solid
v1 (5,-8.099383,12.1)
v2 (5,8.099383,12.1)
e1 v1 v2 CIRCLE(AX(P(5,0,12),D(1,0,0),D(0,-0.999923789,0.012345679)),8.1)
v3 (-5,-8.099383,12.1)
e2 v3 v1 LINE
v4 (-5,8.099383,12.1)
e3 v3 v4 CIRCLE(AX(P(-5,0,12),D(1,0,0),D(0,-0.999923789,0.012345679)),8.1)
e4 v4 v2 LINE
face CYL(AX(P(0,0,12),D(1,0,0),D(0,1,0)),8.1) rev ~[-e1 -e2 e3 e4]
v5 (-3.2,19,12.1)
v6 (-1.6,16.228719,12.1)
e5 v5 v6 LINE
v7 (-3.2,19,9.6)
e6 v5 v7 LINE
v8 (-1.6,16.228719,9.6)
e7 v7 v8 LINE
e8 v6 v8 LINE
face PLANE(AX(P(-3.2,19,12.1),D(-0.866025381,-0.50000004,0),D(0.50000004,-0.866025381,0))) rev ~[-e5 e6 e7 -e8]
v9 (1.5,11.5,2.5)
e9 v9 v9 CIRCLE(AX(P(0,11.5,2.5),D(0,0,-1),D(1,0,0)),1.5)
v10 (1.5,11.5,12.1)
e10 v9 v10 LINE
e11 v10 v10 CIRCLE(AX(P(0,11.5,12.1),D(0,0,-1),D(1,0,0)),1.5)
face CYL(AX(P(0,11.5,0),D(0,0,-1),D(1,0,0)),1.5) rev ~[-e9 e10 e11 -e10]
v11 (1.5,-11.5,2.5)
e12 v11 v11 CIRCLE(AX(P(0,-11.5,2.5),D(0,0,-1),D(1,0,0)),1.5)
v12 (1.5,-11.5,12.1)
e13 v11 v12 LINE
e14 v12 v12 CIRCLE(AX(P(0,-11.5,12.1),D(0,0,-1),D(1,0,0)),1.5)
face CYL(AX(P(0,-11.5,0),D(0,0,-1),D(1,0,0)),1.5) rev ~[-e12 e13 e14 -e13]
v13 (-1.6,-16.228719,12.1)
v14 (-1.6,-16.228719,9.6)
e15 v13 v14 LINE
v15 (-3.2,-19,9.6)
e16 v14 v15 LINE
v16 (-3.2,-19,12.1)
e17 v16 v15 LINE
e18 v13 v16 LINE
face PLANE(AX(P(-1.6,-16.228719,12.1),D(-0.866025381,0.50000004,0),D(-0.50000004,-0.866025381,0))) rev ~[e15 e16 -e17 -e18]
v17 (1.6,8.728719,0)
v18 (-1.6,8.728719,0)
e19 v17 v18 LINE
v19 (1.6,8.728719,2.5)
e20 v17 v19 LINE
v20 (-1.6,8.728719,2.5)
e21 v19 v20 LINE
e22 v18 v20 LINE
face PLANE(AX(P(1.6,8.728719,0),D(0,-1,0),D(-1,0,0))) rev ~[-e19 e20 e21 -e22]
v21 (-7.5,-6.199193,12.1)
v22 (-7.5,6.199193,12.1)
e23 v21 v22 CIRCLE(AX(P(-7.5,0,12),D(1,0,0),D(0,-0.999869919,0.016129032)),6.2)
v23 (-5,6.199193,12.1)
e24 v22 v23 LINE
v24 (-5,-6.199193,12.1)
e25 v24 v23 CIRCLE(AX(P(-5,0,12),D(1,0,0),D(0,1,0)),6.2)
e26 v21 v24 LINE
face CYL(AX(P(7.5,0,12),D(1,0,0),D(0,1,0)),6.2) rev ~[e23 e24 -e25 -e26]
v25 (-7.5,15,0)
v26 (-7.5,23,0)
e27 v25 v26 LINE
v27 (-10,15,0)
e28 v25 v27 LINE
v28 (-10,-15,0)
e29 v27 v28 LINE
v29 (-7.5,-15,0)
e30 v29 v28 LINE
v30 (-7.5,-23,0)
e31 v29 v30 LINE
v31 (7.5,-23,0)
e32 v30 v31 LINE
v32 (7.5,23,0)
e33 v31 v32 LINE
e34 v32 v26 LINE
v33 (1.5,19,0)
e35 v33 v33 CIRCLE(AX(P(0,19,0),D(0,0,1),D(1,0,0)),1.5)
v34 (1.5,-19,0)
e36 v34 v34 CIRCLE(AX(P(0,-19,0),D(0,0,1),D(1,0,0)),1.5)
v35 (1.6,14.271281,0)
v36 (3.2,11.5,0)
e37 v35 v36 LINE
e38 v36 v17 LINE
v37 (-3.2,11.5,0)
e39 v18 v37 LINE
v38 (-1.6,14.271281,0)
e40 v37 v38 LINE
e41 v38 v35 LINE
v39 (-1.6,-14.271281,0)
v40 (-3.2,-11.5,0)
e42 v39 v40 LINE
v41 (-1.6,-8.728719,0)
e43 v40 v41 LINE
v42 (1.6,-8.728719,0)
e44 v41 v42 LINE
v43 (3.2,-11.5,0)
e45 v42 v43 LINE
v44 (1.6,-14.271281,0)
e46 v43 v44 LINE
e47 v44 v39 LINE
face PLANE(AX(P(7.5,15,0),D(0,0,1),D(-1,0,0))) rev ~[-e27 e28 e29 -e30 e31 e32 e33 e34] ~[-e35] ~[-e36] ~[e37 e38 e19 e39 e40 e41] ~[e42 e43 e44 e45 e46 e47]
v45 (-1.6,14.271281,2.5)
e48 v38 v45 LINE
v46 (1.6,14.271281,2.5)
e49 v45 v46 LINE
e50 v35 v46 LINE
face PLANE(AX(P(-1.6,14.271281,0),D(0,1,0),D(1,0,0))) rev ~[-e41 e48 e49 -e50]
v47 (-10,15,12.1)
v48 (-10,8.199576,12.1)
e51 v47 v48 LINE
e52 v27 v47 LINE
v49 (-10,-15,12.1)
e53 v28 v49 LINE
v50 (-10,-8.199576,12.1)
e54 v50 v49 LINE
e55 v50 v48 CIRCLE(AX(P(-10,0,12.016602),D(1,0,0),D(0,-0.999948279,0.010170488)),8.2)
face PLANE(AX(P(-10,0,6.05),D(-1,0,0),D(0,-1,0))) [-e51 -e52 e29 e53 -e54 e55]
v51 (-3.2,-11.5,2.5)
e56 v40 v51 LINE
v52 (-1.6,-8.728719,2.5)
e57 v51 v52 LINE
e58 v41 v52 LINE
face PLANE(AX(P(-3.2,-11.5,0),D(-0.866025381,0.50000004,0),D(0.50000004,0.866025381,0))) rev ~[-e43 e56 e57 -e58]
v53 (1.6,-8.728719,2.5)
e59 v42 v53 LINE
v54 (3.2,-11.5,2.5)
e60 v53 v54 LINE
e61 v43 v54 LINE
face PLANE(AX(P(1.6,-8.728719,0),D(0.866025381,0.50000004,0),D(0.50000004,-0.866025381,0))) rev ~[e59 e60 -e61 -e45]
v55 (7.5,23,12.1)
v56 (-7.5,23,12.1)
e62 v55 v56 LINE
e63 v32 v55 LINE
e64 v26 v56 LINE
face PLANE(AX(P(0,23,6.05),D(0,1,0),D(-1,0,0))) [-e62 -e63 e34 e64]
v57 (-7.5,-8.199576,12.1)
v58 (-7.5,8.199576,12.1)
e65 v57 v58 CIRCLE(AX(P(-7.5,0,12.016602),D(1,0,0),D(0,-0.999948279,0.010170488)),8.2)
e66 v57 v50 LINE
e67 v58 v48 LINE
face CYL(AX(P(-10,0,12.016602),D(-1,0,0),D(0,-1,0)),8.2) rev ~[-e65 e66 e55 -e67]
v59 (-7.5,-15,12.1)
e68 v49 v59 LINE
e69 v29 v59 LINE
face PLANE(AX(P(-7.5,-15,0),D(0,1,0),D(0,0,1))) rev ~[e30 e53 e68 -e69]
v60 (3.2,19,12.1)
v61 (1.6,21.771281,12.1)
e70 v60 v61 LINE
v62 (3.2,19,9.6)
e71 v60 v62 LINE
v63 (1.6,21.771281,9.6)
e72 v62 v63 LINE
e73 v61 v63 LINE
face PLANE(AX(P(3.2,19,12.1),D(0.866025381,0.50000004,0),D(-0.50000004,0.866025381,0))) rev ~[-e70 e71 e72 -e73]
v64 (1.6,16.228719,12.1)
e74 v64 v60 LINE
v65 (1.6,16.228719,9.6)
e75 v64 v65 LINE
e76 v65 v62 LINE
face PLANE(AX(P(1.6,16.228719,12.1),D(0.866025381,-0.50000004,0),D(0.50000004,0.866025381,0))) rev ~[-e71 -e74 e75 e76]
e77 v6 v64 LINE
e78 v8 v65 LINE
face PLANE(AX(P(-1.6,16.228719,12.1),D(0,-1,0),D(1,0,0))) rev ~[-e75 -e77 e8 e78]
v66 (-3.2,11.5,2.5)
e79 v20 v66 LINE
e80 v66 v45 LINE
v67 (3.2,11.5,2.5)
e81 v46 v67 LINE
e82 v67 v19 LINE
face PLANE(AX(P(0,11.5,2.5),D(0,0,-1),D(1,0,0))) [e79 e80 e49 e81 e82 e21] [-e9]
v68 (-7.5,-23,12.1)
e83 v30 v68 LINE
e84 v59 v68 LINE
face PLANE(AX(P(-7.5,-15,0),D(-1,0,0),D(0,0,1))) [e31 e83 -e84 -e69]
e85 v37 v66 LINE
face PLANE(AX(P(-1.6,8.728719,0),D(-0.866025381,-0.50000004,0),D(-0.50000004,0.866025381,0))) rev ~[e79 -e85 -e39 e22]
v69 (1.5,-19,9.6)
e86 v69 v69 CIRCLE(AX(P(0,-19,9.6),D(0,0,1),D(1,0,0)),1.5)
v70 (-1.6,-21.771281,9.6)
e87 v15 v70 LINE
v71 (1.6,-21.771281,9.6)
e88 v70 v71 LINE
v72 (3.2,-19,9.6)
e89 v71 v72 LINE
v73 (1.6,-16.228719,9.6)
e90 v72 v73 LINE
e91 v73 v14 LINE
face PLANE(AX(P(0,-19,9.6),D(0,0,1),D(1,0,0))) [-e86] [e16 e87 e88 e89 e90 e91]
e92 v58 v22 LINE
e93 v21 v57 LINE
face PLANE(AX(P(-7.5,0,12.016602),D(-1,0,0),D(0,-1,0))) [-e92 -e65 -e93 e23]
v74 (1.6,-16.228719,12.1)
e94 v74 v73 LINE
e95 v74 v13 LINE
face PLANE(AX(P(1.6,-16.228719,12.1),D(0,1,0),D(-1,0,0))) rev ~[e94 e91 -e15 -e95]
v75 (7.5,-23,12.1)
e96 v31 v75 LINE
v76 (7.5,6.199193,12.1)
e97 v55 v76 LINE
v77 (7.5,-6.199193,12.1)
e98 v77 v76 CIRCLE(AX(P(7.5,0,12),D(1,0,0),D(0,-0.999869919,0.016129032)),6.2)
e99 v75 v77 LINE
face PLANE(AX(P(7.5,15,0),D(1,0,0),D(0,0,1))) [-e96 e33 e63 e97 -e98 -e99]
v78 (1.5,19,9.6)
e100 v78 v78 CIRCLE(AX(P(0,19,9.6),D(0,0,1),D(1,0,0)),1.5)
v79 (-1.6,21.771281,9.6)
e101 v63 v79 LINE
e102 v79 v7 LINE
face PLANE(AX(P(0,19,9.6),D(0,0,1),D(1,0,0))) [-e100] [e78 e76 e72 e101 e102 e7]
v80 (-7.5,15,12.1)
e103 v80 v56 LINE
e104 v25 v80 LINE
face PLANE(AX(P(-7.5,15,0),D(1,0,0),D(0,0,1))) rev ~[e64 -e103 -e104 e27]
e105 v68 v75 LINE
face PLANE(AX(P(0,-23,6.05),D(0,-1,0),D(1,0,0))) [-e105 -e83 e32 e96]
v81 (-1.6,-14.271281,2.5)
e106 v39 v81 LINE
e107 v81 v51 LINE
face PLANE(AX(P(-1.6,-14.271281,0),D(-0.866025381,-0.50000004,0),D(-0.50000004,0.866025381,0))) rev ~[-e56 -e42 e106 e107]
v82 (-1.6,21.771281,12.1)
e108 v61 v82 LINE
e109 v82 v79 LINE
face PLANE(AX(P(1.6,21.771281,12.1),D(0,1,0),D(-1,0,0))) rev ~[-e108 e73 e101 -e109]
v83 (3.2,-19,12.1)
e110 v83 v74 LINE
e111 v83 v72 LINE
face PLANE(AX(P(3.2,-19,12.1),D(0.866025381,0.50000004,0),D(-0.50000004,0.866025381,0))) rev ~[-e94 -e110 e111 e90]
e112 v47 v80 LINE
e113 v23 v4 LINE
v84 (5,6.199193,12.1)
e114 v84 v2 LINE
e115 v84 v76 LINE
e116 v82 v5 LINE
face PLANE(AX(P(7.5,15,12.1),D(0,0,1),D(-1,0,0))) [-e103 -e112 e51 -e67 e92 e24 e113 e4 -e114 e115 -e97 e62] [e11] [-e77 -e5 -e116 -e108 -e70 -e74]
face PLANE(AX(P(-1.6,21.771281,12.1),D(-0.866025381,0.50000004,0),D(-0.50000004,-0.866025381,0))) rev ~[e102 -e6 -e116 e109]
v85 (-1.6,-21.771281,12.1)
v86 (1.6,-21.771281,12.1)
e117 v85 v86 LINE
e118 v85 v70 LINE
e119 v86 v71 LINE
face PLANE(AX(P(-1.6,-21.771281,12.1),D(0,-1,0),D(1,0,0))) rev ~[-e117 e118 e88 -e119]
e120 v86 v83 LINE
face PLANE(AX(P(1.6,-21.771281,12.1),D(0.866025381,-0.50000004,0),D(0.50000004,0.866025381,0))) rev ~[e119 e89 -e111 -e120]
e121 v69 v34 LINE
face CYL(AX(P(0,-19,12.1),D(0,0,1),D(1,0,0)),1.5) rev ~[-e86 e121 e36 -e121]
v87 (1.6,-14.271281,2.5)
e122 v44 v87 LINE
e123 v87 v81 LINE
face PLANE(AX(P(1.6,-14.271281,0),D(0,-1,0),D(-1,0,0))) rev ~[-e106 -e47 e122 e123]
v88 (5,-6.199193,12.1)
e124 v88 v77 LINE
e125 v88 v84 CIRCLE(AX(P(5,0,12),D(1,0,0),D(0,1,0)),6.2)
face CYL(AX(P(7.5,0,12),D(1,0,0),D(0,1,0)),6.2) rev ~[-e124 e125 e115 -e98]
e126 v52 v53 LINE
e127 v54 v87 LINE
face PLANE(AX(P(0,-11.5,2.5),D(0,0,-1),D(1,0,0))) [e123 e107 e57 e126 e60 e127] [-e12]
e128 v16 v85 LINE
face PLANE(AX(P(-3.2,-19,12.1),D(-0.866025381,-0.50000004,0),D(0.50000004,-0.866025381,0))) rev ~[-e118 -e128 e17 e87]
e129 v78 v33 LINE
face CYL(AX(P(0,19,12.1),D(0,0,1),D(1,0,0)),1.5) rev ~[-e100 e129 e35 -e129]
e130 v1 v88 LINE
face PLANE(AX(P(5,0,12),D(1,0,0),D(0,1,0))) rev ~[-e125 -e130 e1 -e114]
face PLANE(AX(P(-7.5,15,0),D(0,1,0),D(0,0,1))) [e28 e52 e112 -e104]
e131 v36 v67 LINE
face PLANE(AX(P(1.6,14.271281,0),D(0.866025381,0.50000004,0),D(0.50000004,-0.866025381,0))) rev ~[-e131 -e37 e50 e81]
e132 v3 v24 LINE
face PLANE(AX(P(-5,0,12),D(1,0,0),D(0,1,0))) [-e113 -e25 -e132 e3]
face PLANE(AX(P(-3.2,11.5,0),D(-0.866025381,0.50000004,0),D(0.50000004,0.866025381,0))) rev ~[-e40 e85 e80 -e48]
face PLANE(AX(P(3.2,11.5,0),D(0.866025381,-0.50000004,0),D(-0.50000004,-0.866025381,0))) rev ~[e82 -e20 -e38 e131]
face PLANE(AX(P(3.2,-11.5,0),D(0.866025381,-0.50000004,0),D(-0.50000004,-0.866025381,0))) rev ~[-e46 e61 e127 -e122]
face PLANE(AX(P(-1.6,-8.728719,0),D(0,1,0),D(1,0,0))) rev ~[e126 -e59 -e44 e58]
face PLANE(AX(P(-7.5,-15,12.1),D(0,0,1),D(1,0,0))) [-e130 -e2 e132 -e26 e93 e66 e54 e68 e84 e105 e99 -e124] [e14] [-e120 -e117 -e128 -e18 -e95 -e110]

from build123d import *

# Parameters (mm, degrees)
SKETCH002_R     = 8.1
PAD001_DEPTH    = 5
SKETCH_W        = 15
SKETCH_H        = 30
PAD_DEPTH       = 12.1
SKETCH001_R     = 6.2
POCKET_DEPTH    = 15.001
SKETCH003_R     = 1.5
POCKET001_DEPTH = 12.101
POCKET002_DEPTH = 2.5
SKETCH005_W     = 30
SKETCH005_H     = 12.1
PAD002_DEPTH    = 2.5
SKETCH006_R     = 8.2
POCKET003_DEPTH = 2.5
SKETCH007_W     = 15
SKETCH007_H     = 12.1
PAD003_DEPTH    = 8
SKETCH008_W     = 15
SKETCH008_H     = 12.1
PAD004_DEPTH    = 8
SKETCH009_R     = 1.5
POCKET004_DEPTH = 12.101
POCKET005_DEPTH = 2.5


with BuildPart() as pad001:
    # Sketch002 → Pad001 (new body, symmetric)
    with BuildSketch(Plane.YZ):
        with Locations((0, 12)):
            Circle(SKETCH002_R)
    extrude(amount=PAD001_DEPTH, both=True)


with BuildPart() as pocket005:
    # Sketch → Pad (new body)
    with BuildSketch(Plane.XY):
        Rectangle(SKETCH_W, SKETCH_H)
    extrude(amount=PAD_DEPTH)

    # Sketch001 → Pocket (cut, through all)
    with BuildSketch(Plane.YZ.offset(7.5)):
        with Locations((0, 12)):
            Circle(SKETCH001_R)
    extrude(amount=-POCKET_DEPTH, mode=Mode.SUBTRACT)

    # Cut: cut Pad001
    add(pad001.part, mode=Mode.SUBTRACT)

    # Sketch003 → Pocket001 (cut, through all)
    with BuildSketch(Plane(origin=(0, 0, 0), x_dir=(1, 0, 0), z_dir=(0, 0, -1))):
        with Locations((0, 11.5)):
            Circle(SKETCH003_R)
        with Locations((0, -11.5)):
            Circle(SKETCH003_R)
    extrude(amount=-POCKET001_DEPTH, mode=Mode.SUBTRACT)

    # Sketch004 → Pocket002 (cut)
    with BuildSketch(Plane(origin=(0, 0, 0), x_dir=(1, 0, 0), z_dir=(0, 0, -1))):
        Polygon((3.2, 11.5), (1.6, 14.271281), (-1.6, 14.271281), (-3.2, 11.5), (-1.6, 8.728719), (1.6, 8.728719), align=None)
        Polygon((1.6, -14.271281), (3.2, -11.5), (1.6, -8.728719), (-1.6, -8.728719), (-3.2, -11.5), (-1.6, -14.271281), align=None)
    extrude(amount=-POCKET002_DEPTH, mode=Mode.SUBTRACT)

    # Sketch005 → Pad002 (new body)
    with BuildSketch(Plane(origin=(-7.5, 0, 0), x_dir=(0, -1, 0), z_dir=(-1, 0, 0))):
        with Locations((0, 6.05)):
            Rectangle(SKETCH005_W, SKETCH005_H)
    extrude(amount=PAD002_DEPTH)

    # Sketch006 → Pocket003 (cut)
    with BuildSketch(Plane(origin=(-10, 0, 0), x_dir=(0, -1, 0), z_dir=(-1, 0, 0))):
        with Locations((0, 12.016602)):
            Circle(SKETCH006_R)
    extrude(amount=-POCKET003_DEPTH, mode=Mode.SUBTRACT)

    # Sketch007 → Pad003 (new body)
    with BuildSketch(Plane.XZ.offset(15)):
        with Locations((0, 6.05)):
            Rectangle(SKETCH007_W, SKETCH007_H)
    extrude(amount=PAD003_DEPTH)

    # Sketch008 → Pad004 (new body)
    with BuildSketch(Plane(origin=(0, 15, 0), x_dir=(-1, 0, 0), z_dir=(0, 1, 0))):
        with Locations((0, 6.05)):
            Rectangle(SKETCH008_W, SKETCH008_H)
    extrude(amount=PAD004_DEPTH)

    # Sketch009 → Pocket004 (cut, through all)
    with BuildSketch(Plane.XY.offset(12.1)):
        with Locations((0, -19)):
            Circle(SKETCH009_R)
        with Locations((0, 19)):
            Circle(SKETCH009_R)
    extrude(amount=-POCKET004_DEPTH, mode=Mode.SUBTRACT)

    # Sketch010 → Pocket005 (cut)
    with BuildSketch(Plane.XY.offset(12.1)):
        Polygon((1.6, -21.771281), (3.2, -19), (1.6, -16.228719), (-1.6, -16.228719), (-3.2, -19), (-1.6, -21.771281), align=None)
        Polygon((1.6, 16.228719), (3.2, 19), (1.6, 21.771281), (-1.6, 21.771281), (-3.2, 19), (-1.6, 16.228719), align=None)
    extrude(amount=-POCKET005_DEPTH, mode=Mode.SUBTRACT)


solid = pocket005.part
